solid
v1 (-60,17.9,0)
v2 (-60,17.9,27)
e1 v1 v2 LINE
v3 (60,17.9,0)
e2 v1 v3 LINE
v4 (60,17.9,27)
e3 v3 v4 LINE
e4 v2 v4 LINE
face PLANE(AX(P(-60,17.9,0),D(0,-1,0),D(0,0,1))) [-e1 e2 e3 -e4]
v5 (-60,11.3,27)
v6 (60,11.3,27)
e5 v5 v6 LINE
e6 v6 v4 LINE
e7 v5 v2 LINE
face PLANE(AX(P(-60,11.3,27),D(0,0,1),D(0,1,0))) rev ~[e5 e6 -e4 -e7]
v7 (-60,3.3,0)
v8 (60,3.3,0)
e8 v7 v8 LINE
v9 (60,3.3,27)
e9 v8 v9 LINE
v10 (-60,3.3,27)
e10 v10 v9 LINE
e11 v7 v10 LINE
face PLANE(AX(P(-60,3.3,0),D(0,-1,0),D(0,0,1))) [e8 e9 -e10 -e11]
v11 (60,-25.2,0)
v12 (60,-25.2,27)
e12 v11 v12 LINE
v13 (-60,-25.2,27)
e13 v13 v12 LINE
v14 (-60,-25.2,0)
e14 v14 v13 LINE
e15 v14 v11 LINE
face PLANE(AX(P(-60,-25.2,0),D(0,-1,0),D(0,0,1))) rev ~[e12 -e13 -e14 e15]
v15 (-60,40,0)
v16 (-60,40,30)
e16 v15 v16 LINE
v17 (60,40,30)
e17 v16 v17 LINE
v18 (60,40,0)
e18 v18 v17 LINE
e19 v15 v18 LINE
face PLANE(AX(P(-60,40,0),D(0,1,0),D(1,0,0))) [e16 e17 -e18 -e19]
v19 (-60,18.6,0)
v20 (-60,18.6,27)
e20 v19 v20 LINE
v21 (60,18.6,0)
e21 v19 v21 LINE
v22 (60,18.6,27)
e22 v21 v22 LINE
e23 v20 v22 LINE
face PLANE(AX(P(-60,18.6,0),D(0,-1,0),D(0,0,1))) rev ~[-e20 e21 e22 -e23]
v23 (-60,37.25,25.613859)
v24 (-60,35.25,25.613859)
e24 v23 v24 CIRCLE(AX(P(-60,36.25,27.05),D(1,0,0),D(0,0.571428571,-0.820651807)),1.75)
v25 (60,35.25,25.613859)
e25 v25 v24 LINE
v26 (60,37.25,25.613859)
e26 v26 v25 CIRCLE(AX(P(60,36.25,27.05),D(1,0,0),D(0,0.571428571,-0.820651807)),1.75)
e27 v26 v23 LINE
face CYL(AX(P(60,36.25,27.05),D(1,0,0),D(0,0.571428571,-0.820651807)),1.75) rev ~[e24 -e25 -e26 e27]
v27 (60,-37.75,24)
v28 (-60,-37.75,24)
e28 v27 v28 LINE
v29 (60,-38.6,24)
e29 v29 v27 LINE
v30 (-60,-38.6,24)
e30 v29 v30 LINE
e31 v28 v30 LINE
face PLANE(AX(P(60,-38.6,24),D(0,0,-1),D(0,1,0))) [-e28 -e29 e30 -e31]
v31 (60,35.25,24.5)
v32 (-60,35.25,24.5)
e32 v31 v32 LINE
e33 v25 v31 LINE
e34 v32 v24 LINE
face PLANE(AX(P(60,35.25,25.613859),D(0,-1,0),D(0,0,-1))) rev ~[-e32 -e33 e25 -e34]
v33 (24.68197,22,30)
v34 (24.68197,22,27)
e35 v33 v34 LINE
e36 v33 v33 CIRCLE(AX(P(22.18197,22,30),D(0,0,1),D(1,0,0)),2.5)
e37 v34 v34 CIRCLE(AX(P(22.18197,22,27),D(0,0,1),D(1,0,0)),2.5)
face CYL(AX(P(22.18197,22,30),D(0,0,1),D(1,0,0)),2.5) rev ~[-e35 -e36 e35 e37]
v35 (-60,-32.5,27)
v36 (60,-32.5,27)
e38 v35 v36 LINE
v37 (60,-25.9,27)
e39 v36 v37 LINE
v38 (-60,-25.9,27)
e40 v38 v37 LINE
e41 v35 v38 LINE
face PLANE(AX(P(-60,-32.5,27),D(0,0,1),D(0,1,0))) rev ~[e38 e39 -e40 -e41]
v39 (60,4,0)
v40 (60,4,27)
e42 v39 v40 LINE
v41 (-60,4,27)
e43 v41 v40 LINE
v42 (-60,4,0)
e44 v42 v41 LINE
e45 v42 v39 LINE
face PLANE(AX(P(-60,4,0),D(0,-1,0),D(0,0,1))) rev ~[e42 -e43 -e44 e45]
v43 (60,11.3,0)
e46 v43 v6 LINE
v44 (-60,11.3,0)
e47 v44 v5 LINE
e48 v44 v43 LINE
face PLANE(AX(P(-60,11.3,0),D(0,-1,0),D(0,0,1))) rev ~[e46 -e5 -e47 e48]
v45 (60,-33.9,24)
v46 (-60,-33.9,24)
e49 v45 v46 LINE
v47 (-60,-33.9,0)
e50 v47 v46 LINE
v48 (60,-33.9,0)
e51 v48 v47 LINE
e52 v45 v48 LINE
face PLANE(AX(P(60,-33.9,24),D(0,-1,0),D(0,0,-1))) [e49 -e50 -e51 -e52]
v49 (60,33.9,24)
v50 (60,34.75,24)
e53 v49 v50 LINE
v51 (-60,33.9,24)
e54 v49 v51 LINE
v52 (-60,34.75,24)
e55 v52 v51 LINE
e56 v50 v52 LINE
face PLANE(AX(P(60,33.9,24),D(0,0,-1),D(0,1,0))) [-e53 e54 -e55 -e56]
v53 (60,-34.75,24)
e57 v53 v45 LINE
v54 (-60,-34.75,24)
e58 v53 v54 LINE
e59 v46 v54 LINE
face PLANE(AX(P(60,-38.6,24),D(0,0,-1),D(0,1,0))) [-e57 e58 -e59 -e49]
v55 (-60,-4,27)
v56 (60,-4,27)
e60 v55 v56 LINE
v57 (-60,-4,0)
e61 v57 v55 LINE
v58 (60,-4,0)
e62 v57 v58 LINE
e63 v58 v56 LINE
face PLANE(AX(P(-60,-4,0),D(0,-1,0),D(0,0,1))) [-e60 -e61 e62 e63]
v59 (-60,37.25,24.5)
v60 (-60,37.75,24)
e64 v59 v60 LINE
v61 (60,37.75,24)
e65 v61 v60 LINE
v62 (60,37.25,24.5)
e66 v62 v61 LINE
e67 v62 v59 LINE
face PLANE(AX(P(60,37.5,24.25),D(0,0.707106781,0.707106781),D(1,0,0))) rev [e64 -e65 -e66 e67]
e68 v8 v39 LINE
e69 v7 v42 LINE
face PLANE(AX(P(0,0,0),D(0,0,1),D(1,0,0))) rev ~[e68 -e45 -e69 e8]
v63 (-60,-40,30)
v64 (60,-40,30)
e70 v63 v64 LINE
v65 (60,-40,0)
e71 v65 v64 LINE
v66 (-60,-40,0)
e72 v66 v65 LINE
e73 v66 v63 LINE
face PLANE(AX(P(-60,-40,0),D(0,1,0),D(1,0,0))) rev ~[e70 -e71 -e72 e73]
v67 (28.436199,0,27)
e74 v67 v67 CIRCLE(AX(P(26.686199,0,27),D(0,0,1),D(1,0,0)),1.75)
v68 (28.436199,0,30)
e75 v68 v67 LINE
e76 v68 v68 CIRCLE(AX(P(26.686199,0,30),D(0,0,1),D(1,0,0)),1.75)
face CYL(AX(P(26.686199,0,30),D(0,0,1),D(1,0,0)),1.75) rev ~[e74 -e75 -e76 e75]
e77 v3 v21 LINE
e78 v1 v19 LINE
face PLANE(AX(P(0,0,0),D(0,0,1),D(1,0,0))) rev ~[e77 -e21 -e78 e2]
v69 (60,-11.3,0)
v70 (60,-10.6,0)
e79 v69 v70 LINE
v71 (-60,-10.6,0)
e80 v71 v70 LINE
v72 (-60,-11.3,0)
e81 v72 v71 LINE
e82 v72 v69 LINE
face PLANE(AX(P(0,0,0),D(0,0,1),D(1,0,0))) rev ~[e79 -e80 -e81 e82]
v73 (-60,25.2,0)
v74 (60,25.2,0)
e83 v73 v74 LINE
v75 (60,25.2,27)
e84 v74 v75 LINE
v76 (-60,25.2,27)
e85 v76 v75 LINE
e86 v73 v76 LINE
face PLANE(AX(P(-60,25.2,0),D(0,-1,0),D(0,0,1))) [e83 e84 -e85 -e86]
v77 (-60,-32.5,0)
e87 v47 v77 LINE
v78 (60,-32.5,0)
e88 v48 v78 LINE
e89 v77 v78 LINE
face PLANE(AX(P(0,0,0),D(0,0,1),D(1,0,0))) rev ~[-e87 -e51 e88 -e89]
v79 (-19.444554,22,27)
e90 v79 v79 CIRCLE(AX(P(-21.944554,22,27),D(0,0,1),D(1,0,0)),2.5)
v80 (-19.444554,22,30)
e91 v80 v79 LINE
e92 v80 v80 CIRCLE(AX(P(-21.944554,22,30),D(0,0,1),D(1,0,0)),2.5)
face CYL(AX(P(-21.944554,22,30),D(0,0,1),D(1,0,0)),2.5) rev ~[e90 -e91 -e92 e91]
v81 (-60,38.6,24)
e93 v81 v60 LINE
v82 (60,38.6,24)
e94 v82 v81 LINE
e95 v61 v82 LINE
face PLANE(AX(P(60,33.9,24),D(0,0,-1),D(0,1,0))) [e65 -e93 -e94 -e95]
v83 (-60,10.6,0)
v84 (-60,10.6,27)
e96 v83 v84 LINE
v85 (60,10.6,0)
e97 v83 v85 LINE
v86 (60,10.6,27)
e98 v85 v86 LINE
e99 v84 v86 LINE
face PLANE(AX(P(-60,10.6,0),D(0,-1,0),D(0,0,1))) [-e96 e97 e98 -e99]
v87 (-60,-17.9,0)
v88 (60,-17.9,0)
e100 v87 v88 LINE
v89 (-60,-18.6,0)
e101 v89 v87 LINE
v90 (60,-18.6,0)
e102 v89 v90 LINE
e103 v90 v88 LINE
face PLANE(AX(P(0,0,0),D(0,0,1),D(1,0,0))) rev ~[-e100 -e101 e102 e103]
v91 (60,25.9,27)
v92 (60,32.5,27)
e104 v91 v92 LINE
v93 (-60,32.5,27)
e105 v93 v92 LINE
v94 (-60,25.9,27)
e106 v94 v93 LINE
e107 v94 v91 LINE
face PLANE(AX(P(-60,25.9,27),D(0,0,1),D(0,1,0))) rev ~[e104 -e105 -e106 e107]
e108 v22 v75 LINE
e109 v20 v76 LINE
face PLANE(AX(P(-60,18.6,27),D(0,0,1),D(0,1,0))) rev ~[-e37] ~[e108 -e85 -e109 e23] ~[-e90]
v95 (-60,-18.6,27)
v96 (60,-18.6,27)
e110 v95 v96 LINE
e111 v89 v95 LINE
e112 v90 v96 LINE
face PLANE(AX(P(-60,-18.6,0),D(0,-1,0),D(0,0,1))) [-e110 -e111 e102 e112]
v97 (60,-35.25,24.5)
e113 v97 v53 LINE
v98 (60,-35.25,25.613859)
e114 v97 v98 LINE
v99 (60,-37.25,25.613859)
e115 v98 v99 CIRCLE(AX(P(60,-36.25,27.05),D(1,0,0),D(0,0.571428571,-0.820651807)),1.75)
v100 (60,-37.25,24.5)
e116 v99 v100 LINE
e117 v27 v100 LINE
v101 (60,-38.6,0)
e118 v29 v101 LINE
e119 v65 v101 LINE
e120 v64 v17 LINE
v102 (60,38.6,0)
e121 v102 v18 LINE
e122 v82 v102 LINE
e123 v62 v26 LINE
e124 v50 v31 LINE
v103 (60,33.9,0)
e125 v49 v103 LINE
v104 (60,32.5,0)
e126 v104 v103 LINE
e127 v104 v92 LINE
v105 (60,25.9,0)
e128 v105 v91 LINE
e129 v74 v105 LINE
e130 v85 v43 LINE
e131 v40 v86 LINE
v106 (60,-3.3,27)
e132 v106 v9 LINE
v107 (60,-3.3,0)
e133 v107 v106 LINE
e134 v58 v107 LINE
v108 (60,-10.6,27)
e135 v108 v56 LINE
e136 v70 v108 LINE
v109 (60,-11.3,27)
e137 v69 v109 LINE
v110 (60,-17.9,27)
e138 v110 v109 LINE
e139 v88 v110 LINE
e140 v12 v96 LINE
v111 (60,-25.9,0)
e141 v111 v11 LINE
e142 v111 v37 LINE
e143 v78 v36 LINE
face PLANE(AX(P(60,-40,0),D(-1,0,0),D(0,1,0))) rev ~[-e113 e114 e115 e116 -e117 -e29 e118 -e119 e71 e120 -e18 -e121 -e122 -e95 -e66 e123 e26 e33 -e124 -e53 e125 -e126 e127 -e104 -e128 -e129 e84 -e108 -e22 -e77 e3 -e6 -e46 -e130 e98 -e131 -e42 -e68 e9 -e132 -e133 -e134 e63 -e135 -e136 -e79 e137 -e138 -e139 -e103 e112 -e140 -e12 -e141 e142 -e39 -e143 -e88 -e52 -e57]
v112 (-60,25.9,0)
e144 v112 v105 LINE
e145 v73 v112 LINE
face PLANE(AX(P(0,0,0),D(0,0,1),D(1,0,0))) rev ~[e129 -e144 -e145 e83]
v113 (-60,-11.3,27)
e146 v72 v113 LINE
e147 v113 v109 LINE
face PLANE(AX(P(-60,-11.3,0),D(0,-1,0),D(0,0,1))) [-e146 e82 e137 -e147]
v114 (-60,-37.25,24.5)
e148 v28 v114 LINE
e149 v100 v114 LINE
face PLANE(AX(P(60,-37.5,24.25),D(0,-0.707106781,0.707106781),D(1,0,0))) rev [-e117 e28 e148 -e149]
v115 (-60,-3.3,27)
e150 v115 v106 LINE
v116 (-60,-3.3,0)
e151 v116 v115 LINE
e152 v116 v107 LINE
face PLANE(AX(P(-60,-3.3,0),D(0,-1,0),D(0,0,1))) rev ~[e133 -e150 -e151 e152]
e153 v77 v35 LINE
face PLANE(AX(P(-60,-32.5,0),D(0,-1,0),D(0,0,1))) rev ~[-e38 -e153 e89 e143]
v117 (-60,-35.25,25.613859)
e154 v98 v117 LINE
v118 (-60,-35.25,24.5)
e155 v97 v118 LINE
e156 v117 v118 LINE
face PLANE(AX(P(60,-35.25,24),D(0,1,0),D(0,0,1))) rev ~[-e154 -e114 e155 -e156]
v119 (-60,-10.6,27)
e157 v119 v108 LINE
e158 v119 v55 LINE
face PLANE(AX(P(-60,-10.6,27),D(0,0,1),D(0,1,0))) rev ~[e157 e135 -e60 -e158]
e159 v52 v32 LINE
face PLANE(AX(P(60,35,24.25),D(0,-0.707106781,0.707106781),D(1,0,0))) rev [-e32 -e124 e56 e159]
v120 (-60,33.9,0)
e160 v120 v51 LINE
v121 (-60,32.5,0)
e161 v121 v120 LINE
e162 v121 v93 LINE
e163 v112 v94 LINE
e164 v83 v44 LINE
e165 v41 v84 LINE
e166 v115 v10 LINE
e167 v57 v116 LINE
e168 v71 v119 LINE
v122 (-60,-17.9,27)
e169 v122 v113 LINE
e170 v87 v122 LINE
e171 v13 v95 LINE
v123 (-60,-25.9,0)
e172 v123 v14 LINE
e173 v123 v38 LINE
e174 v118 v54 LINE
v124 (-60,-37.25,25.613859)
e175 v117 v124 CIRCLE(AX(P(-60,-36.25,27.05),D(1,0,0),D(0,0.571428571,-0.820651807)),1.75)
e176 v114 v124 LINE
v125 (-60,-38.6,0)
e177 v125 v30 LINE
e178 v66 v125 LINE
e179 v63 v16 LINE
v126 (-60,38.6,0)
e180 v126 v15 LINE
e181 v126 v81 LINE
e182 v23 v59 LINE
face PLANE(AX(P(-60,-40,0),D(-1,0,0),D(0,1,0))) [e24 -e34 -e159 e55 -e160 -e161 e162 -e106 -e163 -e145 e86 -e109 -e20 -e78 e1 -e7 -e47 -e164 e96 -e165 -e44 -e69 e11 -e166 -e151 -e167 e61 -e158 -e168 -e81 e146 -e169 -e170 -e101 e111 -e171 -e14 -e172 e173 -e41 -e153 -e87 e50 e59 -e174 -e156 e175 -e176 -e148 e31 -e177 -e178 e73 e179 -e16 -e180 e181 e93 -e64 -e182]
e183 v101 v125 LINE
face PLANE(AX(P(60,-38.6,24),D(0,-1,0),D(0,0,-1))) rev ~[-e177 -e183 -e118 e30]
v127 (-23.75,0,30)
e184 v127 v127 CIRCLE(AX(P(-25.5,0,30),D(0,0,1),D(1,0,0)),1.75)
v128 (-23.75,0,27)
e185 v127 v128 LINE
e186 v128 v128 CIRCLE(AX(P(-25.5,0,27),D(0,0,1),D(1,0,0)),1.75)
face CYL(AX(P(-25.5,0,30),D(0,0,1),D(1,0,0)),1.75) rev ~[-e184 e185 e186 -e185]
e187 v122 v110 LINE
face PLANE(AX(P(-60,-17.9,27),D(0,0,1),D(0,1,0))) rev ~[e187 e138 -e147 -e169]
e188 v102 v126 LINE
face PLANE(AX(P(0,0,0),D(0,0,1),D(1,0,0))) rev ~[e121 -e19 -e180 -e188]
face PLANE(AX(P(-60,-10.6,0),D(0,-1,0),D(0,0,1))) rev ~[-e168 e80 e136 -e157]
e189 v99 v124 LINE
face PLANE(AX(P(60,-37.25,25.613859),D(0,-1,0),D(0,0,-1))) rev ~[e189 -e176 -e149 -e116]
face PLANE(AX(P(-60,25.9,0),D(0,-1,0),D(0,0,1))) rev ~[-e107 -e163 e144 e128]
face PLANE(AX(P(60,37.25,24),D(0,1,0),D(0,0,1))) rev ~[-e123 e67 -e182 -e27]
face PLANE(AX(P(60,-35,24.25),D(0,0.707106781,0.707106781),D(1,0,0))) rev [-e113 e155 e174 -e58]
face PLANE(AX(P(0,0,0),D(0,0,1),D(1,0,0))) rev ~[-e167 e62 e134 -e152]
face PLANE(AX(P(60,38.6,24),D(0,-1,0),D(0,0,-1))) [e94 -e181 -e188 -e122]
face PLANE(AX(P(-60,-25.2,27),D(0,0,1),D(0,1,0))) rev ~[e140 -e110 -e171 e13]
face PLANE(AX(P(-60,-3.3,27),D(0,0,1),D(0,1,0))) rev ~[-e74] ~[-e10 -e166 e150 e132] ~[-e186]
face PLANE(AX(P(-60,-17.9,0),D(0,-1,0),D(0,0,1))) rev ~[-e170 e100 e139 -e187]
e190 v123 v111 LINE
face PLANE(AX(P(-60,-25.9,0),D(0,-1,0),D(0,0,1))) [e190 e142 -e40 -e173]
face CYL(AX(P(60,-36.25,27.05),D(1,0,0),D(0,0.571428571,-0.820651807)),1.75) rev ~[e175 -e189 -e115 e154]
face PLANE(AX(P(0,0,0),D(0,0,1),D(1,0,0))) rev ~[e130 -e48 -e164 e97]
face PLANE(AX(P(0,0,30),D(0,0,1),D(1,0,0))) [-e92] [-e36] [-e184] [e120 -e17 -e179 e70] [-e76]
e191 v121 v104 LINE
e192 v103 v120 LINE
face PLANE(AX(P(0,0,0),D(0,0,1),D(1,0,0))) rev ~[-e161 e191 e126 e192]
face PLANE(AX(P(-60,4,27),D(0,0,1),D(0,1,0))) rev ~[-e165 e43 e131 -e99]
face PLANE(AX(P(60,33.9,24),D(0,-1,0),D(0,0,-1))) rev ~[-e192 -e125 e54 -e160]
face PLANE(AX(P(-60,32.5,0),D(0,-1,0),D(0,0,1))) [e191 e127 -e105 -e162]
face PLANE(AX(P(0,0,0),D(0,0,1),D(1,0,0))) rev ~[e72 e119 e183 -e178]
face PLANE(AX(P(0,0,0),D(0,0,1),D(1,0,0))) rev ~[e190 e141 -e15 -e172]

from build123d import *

# Parameters (mm, degrees)
SCHIZZO1_W                   = 120
SCHIZZO1_H                   = 80
ESTRUSIONE_ESTRUSIONE1_DEPTH = 30
SCHIZZO2_W                   = 27
SCHIZZO2_H                   = 6.6
TAGLIO_ESTRUSIONE1_DEPTH     = 121
RIPETIZIONE_A_L1_COUNT       = 9
RIPETIZIONE_A_L1_PITCH       = 7.3
SCHIZZO3_W                   = 24
SCHIZZO3_H                   = 4.7
TAGLIO_ESTRUSIONE2_DEPTH     = 121
TAGLIO_ESTRUSIONE3_DEPTH     = 121
SMUSSO1_SIZE                 = 0.5
SCHIZZO5_R                   = 1.75
SCHIZZO5_R_2                 = 2.5
TAGLIO_ESTRUSIONE4_DEPTH     = 10


with BuildPart() as part:
    # Schizzo1 → Estrusione-Estrusione1 (new body)
    with BuildSketch(Plane.XY):
        Rectangle(SCHIZZO1_W, SCHIZZO1_H)
    extrude(amount=ESTRUSIONE_ESTRUSIONE1_DEPTH)

    # Schizzo2 → Taglio-Estrusione1 (cut, through all)
    with BuildSketch(Plane.ZY.offset(60)):
        with Locations((13.5, -29.2)):
            Rectangle(SCHIZZO2_W, SCHIZZO2_H)
    taglio_estrusione1 = extrude(amount=-TAGLIO_ESTRUSIONE1_DEPTH, mode=Mode.SUBTRACT)

    # Ripetizione a L1: Taglio-Estrusione1 ×9
    with Locations(*[(0, i * RIPETIZIONE_A_L1_PITCH, 0) for i in range(1, RIPETIZIONE_A_L1_COUNT)]):
        add(taglio_estrusione1, mode=Mode.SUBTRACT)

    # Schizzo3 → Taglio-Estrusione2 (cut, through all)
    with BuildSketch(Plane(origin=(60, 0, 0), x_dir=(0, 0, -1), z_dir=(1, 0, 0))):
        with Locations((-12, -36.25)):
            Rectangle(SCHIZZO3_W, SCHIZZO3_H)
        with Locations((-12, 36.25)):
            Rectangle(SCHIZZO3_W, SCHIZZO3_H)
    extrude(amount=-TAGLIO_ESTRUSIONE2_DEPTH, mode=Mode.SUBTRACT)

    # Schizzo4 → Taglio-Estrusione3 (cut, through all)
    with BuildSketch(Plane(origin=(60, 0, 0), x_dir=(0, 0, -1), z_dir=(1, 0, 0))):
        with BuildLine():
            ThreePointArc((-25.3, 36.25), (-25.38030749, 35.725951413), (-25.613859338, 35.25))
            Line((-25.613859338, 35.25), (-24, 35.25))
            Line((-24, 35.25), (-24, 37.25))
            Line((-24, 37.25), (-25.613859338, 37.25))
            ThreePointArc((-25.613859338, 37.25), (-25.38030749, 36.774048587), (-25.3, 36.25))
        make_face()
        with BuildLine():
            Line((-27.05, 37.25), (-27.05, 35.25))
            Line((-27.05, 35.25), (-25.613859338, 35.25))
            ThreePointArc((-25.613859338, 35.25), (-25.38030749, 35.725951413), (-25.3, 36.25))
            ThreePointArc((-25.3, 36.25), (-25.38030749, 36.774048587), (-25.613859338, 37.25))
            Line((-25.613859338, 37.25), (-27.05, 37.25))
        make_face()
        with BuildLine():
            Line((-25.613859338, 35.25), (-27.05, 35.25))
            Line((-27.05, 35.25), (-27.05, 37.25))
            Line((-27.05, 37.25), (-25.613859338, 37.25))
            ThreePointArc((-25.613859338, 37.25), (-28.8, 36.25), (-25.613859338, 35.25))
        make_face()
        with BuildLine():
            ThreePointArc((-25.3, -36.25), (-25.38030749, -35.725951413), (-25.613859338, -35.25))
            Line((-25.613859338, -35.25), (-27.05, -35.25))
            Line((-27.05, -35.25), (-27.05, -37.25))
            Line((-27.05, -37.25), (-25.613859338, -37.25))
            ThreePointArc((-25.613859338, -37.25), (-25.38030749, -36.774048587), (-25.3, -36.25))
        make_face()
        with BuildLine():
            Line((-27.05, -35.25), (-25.613859338, -35.25))
            ThreePointArc((-25.613859338, -35.25), (-28.8, -36.25), (-25.613859338, -37.25))
            Line((-25.613859338, -37.25), (-27.05, -37.25))
            Line((-27.05, -37.25), (-27.05, -35.25))
        make_face()
        with BuildLine():
            Line((-24, -37.25), (-24, -35.25))
            Line((-24, -35.25), (-25.613859338, -35.25))
            ThreePointArc((-25.613859338, -35.25), (-25.38030749, -35.725951413), (-25.3, -36.25))
            ThreePointArc((-25.3, -36.25), (-25.38030749, -36.774048587), (-25.613859338, -37.25))
            Line((-25.613859338, -37.25), (-24, -37.25))
        make_face()
    extrude(amount=-TAGLIO_ESTRUSIONE3_DEPTH, mode=Mode.SUBTRACT)

    # Smusso1
    smusso1_edges = [part.edges().sort_by_distance(p)[0] for p in [
        (0, 37.25, 24),
        (0, 35.25, 24),
        (0, -35.25, 24),
        (0, -37.25, 24),
    ]]
    chamfer(smusso1_edges, length=SMUSSO1_SIZE)

    # Schizzo5 → Taglio-Estrusione4 (cut)
    with BuildSketch(Plane.XY.offset(30)):
        with Locations((-25.5, 0)):
            Circle(SCHIZZO5_R)
        with Locations((26.686198964, 0)):
            Circle(SCHIZZO5_R)
        with Locations((-21.944553743, 22)):
            Circle(SCHIZZO5_R_2)
        with Locations((22.18196976, 22)):
            Circle(SCHIZZO5_R_2)
    extrude(amount=-TAGLIO_ESTRUSIONE4_DEPTH, mode=Mode.SUBTRACT)


solid = part.part
